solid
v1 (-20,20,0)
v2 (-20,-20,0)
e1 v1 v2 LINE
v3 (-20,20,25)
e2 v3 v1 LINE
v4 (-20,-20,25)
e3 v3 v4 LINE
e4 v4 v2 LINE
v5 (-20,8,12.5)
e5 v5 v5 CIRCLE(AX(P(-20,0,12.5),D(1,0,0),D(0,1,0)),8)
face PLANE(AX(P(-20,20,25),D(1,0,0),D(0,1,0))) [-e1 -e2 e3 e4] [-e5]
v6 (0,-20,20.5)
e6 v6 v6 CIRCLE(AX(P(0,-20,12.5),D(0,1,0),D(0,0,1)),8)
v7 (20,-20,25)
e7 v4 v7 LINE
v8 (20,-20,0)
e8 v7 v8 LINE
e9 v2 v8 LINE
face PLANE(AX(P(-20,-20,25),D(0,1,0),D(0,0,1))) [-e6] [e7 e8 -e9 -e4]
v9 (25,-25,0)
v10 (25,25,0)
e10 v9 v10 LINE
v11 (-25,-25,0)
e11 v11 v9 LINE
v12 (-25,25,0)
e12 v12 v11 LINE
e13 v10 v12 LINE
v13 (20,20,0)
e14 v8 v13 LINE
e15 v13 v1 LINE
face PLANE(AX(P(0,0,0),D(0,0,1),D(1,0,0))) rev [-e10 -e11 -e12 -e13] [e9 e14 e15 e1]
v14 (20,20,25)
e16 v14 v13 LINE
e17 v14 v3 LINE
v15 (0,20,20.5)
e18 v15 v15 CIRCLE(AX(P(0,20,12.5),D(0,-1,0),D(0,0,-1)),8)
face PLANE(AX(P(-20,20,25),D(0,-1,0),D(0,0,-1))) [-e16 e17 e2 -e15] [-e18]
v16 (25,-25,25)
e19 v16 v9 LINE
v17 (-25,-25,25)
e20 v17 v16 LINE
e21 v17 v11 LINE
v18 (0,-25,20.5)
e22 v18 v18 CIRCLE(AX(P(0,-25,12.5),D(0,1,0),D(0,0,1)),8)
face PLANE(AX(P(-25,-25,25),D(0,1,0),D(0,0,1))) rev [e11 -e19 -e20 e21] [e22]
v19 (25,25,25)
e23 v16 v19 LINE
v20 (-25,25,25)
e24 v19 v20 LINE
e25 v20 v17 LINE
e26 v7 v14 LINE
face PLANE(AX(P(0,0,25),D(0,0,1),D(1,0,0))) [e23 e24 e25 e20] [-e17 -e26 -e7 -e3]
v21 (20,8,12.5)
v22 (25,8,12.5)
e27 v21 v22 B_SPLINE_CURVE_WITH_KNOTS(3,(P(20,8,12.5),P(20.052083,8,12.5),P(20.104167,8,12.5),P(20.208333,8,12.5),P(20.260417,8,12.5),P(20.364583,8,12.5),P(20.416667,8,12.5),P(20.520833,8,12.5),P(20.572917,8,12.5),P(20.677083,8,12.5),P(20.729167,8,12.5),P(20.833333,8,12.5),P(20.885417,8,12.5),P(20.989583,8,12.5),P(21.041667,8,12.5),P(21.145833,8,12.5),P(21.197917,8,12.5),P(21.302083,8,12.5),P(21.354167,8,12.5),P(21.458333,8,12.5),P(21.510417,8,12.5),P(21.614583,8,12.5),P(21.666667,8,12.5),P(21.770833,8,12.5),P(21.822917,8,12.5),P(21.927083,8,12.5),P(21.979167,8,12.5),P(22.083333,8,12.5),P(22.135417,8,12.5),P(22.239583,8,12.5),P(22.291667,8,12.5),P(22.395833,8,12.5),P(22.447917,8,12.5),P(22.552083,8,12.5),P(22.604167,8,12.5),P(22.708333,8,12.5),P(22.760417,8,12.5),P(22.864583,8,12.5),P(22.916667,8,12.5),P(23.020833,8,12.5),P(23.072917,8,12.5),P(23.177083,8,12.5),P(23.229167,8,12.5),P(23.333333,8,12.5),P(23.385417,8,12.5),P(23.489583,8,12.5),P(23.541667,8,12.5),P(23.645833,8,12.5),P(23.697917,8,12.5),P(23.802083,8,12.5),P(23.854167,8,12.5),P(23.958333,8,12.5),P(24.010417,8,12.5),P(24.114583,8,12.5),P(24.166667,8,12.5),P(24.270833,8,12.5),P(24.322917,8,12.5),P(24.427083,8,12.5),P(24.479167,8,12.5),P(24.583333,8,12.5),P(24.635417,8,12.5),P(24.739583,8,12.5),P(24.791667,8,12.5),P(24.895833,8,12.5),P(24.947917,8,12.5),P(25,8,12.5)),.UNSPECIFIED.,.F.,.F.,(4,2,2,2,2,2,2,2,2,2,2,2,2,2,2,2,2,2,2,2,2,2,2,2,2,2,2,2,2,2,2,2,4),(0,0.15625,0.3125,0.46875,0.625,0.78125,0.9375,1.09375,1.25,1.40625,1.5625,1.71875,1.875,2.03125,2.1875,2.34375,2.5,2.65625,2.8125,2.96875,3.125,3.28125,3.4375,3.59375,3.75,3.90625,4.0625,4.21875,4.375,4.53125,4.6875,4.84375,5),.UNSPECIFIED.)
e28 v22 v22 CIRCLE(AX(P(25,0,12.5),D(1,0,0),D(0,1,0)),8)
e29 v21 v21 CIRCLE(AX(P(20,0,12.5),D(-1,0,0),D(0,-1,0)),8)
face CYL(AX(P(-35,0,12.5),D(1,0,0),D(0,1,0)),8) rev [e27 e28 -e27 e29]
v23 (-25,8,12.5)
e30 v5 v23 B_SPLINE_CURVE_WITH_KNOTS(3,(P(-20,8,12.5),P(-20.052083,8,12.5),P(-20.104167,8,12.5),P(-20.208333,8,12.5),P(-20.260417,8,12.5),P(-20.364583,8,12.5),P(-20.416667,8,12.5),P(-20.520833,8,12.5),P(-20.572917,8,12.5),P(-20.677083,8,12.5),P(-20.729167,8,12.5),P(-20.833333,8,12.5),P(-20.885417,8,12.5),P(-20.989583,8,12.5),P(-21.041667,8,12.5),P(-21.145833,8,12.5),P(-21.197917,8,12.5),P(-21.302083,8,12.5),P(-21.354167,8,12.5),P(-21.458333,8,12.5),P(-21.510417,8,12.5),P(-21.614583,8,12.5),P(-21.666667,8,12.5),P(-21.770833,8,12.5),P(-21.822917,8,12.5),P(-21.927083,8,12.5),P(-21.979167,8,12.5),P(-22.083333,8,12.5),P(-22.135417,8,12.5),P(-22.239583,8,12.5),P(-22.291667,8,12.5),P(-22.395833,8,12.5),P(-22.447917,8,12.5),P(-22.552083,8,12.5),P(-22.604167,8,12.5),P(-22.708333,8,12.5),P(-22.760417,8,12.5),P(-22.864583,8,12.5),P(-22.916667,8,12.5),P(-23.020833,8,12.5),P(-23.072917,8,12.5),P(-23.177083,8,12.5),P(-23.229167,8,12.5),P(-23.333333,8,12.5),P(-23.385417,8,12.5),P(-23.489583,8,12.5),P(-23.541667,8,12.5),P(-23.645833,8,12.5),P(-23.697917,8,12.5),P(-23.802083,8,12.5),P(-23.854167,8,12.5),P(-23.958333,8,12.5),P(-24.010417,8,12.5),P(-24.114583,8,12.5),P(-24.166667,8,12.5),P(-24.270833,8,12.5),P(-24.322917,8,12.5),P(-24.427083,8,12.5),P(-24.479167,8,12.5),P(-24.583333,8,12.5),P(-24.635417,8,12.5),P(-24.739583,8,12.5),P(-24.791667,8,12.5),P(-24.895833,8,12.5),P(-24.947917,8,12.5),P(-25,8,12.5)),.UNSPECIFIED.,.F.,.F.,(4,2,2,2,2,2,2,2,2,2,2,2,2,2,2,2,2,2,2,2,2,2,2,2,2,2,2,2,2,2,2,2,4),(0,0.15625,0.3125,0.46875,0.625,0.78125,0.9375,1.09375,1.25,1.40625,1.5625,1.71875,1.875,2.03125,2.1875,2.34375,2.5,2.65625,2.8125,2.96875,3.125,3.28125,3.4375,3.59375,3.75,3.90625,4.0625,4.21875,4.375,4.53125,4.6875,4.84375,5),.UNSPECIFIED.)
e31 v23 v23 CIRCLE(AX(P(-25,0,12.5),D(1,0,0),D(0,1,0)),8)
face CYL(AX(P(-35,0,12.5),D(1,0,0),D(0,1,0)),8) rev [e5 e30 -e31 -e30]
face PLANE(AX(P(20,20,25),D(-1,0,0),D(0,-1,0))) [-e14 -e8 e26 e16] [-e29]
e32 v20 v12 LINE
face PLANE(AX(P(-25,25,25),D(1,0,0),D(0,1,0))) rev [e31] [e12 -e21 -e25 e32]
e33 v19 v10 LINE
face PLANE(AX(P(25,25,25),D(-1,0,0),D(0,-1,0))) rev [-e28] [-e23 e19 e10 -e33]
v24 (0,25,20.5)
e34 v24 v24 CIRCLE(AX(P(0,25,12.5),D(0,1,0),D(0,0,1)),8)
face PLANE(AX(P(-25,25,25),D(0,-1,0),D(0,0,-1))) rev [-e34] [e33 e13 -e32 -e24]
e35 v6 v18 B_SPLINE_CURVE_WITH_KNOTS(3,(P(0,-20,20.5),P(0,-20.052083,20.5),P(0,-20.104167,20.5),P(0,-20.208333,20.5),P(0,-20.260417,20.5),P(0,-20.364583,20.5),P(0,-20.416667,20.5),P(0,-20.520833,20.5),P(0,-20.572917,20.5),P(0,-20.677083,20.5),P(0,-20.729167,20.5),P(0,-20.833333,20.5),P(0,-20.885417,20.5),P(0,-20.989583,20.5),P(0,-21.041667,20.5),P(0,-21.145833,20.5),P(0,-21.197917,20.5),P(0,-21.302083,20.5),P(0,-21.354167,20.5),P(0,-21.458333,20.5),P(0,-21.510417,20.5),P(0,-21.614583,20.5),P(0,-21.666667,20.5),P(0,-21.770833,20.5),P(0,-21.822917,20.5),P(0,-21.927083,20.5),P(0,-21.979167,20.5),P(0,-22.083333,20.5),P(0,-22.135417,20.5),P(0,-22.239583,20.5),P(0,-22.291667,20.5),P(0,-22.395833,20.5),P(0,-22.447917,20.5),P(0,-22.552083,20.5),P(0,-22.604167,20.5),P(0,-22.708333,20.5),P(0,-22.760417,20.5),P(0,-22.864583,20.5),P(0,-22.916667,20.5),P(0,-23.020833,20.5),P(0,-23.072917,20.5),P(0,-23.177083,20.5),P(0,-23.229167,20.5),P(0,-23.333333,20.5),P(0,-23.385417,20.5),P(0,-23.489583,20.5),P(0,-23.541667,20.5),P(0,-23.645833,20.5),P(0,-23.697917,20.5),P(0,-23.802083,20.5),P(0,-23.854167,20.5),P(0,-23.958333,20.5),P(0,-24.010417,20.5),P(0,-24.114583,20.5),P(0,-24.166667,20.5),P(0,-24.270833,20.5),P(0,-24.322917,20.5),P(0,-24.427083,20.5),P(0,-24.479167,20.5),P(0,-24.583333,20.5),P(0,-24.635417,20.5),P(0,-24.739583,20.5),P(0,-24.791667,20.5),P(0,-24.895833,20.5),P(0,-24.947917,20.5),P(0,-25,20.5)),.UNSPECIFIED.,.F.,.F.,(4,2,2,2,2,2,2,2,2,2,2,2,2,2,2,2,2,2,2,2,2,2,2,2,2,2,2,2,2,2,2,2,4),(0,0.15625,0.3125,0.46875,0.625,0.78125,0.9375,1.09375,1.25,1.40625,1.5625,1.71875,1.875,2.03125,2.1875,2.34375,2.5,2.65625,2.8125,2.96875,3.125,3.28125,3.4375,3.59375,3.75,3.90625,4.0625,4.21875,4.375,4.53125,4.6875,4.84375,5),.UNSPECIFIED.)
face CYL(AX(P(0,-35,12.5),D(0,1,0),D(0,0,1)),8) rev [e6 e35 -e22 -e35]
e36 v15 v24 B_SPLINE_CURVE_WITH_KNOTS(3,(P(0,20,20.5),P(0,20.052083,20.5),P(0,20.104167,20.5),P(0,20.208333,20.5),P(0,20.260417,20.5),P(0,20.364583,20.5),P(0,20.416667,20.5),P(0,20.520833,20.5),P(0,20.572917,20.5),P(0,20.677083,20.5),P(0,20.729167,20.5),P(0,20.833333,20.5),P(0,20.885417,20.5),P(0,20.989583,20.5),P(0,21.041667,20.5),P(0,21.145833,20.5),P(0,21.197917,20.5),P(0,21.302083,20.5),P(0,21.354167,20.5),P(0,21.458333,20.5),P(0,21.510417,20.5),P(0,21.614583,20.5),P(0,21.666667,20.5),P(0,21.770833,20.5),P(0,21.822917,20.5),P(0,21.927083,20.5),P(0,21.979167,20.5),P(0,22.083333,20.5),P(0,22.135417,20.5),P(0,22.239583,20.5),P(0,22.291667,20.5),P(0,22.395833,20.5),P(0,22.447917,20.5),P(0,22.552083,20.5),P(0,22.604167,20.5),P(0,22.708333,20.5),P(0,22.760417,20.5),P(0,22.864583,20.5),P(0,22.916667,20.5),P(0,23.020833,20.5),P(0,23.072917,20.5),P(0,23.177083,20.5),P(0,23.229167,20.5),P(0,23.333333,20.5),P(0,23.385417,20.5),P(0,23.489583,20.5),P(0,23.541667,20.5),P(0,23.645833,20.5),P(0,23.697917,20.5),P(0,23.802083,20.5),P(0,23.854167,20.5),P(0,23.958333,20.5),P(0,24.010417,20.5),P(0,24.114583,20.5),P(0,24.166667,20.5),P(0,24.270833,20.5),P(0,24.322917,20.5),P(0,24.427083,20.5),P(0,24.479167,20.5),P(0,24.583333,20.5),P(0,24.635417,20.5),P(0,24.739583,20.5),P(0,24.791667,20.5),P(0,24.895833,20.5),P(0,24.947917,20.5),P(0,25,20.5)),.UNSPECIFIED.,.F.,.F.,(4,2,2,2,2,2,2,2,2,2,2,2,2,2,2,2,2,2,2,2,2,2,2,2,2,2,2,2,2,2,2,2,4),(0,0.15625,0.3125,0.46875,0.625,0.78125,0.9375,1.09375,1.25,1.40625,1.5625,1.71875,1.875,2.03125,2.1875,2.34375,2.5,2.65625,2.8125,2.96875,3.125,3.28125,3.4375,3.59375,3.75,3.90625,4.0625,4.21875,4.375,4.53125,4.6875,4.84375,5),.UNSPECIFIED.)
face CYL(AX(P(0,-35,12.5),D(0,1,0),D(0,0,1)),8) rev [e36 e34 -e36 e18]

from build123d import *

# Parameters (mm, degrees)
CROQUIS1_W              = 50
CROQUIS1_H              = 50
CROQUIS1_W_2            = 40
CROQUIS1_H_2            = 40
SALIENTE_EXTRUIR1_DEPTH = 25
CROQUIS2_R              = 8
CORTAR_EXTRUIR1_DEPTH   = 60
CROQUIS3_R              = 8
CORTAR_EXTRUIR2_DEPTH   = 60


with BuildPart() as part:
    # Croquis1 → Saliente-Extruir1 (new body)
    with BuildSketch(Plane.XY):
        Rectangle(CROQUIS1_W, CROQUIS1_H)
        Rectangle(CROQUIS1_W_2, CROQUIS1_H_2, mode=Mode.SUBTRACT)
    extrude(amount=SALIENTE_EXTRUIR1_DEPTH)

    # Croquis2 → Cortar-Extruir1 (cut)
    with BuildSketch(Plane(origin=(0, 25, 0), x_dir=(1, 0, 0), z_dir=(0, 1, 0))):
        with Locations(Location((0, -12.5, 0), (0, 0, 270))):
            Circle(CROQUIS2_R)
    extrude(amount=-CORTAR_EXTRUIR1_DEPTH, mode=Mode.SUBTRACT)

    # Croquis3 → Cortar-Extruir2 (cut)
    with BuildSketch(Plane(origin=(25, 0, 0), x_dir=(0, 0, -1), z_dir=(1, 0, 0))):
        with Locations(Location((-12.5, 0, 0), (0, 0, 90))):
            Circle(CROQUIS3_R)
    extrude(amount=-CORTAR_EXTRUIR2_DEPTH, mode=Mode.SUBTRACT)


solid = part.part
